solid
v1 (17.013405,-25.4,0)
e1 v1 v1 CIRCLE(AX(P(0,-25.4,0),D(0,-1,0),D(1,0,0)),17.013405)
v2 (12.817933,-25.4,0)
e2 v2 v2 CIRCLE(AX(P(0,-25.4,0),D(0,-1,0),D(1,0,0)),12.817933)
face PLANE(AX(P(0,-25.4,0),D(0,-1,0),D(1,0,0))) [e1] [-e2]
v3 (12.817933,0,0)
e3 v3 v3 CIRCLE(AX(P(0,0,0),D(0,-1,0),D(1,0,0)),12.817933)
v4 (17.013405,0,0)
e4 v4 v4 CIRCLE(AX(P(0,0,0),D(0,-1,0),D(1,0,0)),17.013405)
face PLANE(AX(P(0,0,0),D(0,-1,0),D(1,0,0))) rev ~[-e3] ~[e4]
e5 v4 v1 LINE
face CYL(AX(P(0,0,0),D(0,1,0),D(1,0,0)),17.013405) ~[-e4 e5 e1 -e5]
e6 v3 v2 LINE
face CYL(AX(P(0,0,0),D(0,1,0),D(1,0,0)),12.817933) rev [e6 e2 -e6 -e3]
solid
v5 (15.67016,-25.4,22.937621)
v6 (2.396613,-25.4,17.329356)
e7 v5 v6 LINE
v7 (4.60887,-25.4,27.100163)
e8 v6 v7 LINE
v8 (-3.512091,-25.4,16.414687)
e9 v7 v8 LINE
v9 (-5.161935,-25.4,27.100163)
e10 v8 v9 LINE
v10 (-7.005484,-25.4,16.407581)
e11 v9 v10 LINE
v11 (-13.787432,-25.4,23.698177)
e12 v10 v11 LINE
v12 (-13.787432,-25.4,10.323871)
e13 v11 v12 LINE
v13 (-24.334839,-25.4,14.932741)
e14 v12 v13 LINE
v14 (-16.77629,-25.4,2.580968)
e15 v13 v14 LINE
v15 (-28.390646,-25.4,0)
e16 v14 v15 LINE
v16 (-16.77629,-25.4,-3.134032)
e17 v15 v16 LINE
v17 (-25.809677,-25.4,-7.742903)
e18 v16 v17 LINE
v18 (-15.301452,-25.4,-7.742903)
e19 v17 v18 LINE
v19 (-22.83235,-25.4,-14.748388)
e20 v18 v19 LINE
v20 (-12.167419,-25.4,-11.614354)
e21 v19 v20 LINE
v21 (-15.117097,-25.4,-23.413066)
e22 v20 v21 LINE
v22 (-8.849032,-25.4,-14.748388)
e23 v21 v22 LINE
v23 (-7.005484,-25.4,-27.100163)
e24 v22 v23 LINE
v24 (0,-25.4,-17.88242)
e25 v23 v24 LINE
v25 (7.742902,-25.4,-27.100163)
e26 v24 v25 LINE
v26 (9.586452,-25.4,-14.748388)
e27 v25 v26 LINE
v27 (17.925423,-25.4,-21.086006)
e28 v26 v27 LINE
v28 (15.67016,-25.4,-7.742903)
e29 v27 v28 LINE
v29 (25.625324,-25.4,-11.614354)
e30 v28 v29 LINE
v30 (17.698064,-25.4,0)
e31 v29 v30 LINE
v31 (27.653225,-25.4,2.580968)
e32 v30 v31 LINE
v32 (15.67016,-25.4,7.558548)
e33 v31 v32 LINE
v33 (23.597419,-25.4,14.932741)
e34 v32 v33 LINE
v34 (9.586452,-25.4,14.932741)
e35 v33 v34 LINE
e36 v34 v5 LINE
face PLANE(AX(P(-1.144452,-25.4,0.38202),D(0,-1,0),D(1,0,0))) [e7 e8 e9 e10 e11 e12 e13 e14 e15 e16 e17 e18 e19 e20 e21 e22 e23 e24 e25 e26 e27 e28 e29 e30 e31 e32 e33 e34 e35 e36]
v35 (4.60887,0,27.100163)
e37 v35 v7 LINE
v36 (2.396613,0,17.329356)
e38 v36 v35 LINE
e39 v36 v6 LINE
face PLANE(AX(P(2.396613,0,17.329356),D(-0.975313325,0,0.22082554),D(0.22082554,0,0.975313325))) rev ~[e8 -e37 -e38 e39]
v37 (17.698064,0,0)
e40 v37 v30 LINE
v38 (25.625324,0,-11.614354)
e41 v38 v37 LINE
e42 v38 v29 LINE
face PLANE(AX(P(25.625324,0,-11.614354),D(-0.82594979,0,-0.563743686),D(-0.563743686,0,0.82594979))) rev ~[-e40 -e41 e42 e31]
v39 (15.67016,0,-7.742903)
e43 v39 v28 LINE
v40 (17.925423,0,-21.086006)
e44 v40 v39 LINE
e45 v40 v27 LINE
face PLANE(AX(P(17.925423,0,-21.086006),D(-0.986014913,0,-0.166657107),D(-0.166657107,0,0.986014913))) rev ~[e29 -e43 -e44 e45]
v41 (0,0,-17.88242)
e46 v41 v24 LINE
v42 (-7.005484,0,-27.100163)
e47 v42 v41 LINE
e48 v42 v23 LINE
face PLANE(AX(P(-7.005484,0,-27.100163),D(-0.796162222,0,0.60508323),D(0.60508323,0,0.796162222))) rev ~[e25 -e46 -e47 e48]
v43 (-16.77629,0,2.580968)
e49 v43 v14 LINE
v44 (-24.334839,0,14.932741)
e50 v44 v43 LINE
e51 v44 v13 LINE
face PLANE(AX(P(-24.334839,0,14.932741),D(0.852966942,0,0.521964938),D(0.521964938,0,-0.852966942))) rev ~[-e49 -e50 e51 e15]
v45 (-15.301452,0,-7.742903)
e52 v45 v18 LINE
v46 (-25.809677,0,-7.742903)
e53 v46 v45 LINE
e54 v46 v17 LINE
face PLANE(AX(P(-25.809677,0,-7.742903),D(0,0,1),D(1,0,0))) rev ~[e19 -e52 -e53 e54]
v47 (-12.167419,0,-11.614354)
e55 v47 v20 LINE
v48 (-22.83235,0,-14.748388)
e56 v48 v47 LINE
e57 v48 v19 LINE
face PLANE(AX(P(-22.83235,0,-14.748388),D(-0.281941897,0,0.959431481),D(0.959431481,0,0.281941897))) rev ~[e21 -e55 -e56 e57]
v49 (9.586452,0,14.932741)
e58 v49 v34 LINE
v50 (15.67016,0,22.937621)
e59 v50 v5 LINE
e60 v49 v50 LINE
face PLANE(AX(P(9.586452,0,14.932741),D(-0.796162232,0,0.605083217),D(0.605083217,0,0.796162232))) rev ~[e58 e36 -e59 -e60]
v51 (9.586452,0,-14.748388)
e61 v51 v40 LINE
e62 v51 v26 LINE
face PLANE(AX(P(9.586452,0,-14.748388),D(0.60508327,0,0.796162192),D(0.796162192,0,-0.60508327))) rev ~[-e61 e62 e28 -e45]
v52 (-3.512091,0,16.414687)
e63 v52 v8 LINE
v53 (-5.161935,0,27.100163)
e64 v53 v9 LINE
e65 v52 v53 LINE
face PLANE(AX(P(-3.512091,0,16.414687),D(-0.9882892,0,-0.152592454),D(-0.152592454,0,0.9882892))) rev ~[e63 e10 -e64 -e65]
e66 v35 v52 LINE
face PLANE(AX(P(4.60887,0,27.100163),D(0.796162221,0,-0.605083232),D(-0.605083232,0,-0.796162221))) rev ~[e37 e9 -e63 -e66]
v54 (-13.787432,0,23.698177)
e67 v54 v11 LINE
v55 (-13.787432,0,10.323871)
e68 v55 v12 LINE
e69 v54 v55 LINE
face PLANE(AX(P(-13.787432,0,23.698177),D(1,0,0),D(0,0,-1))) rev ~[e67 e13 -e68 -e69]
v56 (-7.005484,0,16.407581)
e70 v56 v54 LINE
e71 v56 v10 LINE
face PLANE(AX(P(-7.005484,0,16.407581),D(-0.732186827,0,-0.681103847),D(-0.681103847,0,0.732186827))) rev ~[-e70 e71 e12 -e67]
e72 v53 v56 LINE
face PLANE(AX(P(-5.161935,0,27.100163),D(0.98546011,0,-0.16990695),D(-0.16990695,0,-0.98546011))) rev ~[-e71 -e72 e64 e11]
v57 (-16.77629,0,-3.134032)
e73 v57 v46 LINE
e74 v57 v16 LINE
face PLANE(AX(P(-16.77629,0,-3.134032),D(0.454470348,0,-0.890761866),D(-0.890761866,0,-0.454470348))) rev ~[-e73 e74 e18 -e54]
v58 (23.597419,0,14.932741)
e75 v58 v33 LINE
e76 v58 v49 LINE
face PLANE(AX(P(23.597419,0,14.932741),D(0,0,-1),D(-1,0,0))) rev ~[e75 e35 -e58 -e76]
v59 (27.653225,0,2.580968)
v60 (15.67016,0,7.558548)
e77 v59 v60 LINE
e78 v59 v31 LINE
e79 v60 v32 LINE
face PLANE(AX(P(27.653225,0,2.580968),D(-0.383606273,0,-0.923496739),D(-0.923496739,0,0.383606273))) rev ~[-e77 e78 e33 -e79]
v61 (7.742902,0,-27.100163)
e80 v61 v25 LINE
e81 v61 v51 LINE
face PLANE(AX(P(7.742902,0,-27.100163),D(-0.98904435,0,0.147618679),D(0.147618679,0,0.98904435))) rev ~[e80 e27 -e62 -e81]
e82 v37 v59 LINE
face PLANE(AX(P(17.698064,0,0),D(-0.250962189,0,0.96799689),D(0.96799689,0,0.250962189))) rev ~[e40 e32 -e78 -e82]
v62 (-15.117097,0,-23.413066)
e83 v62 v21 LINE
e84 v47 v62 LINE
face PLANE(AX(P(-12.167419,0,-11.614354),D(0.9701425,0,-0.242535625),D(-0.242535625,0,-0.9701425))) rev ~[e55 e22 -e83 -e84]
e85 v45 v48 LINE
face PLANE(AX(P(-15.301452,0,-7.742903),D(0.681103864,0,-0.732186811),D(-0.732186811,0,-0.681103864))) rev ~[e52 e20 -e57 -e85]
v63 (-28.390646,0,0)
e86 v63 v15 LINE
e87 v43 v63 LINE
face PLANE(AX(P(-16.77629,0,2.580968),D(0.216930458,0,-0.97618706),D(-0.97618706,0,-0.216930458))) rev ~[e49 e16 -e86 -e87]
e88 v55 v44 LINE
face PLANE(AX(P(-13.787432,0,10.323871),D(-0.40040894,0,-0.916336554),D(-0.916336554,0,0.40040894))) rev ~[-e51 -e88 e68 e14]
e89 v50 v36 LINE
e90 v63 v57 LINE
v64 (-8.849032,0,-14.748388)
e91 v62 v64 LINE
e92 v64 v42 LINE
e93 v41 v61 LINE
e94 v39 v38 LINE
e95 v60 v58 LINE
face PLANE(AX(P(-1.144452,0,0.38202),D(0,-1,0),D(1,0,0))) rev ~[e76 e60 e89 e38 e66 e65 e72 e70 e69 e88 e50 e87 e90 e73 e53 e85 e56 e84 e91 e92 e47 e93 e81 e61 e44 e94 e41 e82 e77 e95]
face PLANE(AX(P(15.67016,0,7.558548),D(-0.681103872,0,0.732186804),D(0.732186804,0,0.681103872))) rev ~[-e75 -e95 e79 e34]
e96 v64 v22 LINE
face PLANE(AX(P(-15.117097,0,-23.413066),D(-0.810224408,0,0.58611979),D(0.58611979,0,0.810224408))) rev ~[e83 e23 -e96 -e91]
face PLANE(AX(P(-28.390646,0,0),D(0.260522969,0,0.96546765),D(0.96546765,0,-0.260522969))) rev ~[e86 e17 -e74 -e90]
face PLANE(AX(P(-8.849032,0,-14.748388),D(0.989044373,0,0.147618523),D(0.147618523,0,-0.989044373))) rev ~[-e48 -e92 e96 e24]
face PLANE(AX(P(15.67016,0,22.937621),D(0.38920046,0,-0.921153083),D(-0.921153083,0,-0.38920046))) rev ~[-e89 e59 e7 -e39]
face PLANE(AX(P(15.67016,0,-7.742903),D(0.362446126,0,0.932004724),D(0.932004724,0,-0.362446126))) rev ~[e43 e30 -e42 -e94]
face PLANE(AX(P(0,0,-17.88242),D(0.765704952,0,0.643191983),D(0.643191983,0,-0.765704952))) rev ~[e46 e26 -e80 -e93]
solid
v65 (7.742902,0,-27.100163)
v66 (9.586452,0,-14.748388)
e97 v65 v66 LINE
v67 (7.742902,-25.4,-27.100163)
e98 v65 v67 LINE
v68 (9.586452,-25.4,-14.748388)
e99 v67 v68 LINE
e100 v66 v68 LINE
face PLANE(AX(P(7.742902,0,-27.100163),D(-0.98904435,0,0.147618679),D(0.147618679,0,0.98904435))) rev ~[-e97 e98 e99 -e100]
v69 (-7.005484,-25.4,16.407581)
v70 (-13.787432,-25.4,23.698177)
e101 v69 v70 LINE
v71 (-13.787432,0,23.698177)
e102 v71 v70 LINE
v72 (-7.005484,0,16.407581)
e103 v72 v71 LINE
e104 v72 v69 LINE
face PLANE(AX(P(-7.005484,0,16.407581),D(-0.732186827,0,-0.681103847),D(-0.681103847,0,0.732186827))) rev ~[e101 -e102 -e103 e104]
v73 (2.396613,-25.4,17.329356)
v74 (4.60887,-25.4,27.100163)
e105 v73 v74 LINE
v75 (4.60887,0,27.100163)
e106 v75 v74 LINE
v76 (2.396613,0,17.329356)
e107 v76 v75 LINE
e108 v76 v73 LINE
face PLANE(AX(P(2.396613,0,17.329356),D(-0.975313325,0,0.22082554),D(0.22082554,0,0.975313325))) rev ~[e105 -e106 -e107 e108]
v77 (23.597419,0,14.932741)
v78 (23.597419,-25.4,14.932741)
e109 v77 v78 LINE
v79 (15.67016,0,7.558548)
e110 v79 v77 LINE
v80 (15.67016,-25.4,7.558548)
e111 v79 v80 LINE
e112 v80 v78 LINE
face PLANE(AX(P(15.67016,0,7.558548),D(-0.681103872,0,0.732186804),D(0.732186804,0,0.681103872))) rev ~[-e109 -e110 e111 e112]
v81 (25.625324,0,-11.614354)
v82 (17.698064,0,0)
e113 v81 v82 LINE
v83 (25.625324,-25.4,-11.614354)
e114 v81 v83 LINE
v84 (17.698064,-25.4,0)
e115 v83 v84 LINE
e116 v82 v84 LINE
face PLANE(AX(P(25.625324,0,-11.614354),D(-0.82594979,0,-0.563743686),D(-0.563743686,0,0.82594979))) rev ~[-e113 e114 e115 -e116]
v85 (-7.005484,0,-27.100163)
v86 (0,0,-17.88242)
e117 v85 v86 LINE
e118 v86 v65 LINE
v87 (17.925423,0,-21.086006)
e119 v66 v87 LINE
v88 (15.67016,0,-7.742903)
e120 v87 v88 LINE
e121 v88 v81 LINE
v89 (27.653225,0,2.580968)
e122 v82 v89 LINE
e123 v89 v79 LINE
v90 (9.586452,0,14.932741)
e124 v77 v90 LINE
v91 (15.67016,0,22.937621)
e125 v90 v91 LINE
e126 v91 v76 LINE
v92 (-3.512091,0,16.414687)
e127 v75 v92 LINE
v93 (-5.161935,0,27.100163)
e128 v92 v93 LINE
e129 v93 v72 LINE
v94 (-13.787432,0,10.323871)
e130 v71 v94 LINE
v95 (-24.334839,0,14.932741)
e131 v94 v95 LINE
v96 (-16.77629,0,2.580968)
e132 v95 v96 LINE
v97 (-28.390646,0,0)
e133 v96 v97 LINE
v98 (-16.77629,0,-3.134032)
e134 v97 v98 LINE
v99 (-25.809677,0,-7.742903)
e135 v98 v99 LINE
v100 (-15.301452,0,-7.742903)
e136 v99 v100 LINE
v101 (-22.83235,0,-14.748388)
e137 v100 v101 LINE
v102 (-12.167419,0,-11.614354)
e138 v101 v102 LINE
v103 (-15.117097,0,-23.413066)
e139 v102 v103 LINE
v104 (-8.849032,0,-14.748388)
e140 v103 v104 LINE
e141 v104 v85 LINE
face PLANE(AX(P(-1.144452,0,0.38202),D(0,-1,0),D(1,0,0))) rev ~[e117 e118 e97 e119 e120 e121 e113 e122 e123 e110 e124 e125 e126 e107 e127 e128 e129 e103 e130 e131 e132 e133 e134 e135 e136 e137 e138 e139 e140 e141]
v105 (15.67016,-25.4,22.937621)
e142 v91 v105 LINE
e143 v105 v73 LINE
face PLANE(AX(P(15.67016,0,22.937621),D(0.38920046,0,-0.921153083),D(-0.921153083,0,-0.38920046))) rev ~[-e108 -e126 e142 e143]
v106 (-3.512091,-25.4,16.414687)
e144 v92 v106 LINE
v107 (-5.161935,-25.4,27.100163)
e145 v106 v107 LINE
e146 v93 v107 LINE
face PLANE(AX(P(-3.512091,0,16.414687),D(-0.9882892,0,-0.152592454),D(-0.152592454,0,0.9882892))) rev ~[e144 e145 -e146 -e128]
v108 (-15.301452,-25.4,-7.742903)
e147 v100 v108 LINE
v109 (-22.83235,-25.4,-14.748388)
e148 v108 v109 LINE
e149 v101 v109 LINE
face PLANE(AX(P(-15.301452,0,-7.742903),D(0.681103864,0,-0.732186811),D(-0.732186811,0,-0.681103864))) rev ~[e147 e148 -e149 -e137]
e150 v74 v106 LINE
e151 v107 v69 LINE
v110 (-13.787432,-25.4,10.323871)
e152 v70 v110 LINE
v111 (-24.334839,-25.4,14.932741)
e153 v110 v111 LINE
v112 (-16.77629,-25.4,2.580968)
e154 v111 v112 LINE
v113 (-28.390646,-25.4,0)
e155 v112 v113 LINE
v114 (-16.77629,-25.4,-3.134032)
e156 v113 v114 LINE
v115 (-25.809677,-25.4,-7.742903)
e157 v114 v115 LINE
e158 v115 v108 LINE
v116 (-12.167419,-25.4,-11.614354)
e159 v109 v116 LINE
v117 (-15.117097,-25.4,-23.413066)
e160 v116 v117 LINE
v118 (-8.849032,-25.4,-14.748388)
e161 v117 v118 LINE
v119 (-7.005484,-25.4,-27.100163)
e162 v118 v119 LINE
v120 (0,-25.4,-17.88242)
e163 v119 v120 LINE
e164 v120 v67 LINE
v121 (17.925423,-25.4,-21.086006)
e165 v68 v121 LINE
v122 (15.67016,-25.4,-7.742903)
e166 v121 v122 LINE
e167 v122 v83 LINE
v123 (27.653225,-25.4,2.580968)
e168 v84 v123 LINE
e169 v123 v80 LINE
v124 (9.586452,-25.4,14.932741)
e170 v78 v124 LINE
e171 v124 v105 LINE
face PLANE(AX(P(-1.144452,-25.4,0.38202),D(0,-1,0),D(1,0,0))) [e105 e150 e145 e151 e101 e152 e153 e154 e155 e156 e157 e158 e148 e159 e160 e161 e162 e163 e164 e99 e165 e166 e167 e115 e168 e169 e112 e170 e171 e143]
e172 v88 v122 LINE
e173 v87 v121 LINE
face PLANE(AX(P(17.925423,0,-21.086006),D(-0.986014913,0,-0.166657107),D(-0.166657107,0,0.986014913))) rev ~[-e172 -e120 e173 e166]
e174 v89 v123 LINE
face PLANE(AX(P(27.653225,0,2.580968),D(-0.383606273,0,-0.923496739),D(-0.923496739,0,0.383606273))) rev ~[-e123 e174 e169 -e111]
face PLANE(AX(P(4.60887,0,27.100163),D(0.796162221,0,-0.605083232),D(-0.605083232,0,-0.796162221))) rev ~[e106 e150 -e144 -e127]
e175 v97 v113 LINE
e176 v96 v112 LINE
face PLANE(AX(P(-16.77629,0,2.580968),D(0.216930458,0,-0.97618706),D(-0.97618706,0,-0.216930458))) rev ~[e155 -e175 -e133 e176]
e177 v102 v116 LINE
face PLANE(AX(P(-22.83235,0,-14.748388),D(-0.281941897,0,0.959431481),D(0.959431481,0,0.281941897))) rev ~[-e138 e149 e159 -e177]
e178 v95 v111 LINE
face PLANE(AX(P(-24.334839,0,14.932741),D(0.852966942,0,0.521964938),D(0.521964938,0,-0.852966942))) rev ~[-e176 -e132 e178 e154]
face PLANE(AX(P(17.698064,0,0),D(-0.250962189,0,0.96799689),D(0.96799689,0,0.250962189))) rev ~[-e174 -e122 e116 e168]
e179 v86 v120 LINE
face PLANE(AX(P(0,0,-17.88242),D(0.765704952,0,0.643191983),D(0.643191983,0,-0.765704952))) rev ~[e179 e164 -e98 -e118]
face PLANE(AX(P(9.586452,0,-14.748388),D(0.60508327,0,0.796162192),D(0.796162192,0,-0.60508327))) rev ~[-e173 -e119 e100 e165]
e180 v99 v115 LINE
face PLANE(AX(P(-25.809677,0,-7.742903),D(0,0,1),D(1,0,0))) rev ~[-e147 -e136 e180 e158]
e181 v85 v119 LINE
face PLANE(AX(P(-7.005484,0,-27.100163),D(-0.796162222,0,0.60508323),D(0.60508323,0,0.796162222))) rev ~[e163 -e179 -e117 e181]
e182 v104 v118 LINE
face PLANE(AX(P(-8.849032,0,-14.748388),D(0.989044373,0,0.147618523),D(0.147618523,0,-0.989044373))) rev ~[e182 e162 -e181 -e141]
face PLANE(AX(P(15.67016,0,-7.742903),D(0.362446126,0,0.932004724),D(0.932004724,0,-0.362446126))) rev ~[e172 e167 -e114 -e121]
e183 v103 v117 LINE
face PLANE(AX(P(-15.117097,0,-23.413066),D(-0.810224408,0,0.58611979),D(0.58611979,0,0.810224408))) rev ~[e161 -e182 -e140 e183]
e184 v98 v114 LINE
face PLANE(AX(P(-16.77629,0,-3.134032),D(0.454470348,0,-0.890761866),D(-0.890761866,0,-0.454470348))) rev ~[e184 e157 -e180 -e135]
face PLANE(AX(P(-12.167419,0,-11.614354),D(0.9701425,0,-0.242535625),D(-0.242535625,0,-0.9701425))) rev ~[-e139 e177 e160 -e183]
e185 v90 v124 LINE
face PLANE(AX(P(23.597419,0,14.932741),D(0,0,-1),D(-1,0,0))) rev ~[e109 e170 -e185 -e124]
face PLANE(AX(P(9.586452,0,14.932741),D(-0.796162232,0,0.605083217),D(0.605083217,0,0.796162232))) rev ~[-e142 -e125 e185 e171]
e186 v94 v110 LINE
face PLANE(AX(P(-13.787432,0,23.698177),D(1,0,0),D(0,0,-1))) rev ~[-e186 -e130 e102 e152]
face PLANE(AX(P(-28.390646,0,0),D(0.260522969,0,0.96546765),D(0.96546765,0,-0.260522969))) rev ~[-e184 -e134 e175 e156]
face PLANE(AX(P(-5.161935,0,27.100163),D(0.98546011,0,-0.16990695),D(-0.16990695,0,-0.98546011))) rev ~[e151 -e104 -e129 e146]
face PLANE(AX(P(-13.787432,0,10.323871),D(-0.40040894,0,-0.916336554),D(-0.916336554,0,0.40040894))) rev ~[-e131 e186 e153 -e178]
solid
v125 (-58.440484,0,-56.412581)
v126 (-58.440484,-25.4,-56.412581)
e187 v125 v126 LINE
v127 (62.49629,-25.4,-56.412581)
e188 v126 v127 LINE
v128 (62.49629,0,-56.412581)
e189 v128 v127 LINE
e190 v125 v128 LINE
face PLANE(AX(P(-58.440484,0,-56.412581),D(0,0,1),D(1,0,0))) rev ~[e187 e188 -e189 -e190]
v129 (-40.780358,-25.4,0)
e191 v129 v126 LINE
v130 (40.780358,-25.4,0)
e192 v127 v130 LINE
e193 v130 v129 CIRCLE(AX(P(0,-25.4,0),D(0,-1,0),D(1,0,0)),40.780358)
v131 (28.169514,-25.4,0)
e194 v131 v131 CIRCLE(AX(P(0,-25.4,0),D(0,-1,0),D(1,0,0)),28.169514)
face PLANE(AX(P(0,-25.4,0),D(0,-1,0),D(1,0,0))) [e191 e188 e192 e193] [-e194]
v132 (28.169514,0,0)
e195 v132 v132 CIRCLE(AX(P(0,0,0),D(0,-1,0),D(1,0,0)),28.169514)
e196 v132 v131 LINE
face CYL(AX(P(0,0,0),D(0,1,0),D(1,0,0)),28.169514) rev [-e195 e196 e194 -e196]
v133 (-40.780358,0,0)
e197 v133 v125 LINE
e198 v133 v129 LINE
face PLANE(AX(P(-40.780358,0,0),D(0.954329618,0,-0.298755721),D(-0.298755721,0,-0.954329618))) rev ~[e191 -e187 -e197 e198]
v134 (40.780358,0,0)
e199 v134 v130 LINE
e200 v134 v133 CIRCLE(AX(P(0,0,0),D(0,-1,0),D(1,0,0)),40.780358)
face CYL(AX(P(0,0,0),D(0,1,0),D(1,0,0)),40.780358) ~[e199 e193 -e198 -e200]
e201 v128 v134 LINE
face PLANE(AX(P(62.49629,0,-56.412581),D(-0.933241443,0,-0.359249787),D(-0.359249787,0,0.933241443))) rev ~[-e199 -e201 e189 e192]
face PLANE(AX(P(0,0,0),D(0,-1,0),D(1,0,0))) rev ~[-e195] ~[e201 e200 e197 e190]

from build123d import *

# Parameters (mm, degrees)
F0_R     = 28.169514
F1_DEPTH = 25.4
F2_R     = 17.013405
F2_R_2   = 12.817933
F3_DEPTH = 25.4
F5_DEPTH = 25.4
F6_DEPTH = 25.4


with BuildPart() as f1:
    # F0 (on Front) → F1 (new body)
    with BuildSketch(Plane.XZ):
        with BuildLine():
            ThreePointArc((-40.780358, 0), (0, -40.780358), (40.780358, 0))
            ThreePointArc((40.780358, 0), (0, 40.780358), (-40.780358, 0))
        make_face()
        Circle(F0_R, mode=Mode.SUBTRACT)
        with BuildLine():
            Line((62.49629, -56.412581), (40.780358, 0))
            ThreePointArc((40.780358, 0), (0, -40.780358), (-40.780358, 0))
            Line((-40.780358, 0), (-58.440484, -56.412581))
            Line((-58.440484, -56.412581), (62.49629, -56.412581))
        make_face()
    extrude(amount=F1_DEPTH)


with BuildPart() as f3:
    # F2 (on Front) → F3 (new body)
    with BuildSketch(Plane.XZ):
        Circle(F2_R)
        Circle(F2_R_2, mode=Mode.SUBTRACT)
    extrude(amount=F3_DEPTH)


with BuildPart() as f5:
    # F4 (on Front) → F5 (new body)
    with BuildSketch(Plane.XZ):
        Polygon((-12.167419, -11.614354), (-15.117097, -23.413066), (-8.849032, -14.748388), (-7.005484, -27.100163), (0, -17.88242), (7.742902, -27.100163), (9.586452, -14.748388), (17.925423, -21.086006), (15.67016, -7.742903), (25.625324, -11.614354), (17.698064, 0), (27.653225, 2.580968), (15.67016, 7.558548), (23.597419, 14.932741), (9.586452, 14.932741), (15.67016, 22.937621), (2.396613, 17.329356), (4.60887, 27.100163), (-3.512091, 16.414687), (-5.161935, 27.100163), (-7.005484, 16.407581), (-13.787432, 23.698177), (-13.787432, 10.323871), (-24.334839, 14.932741), (-16.77629, 2.580968), (-28.390646, 0), (-16.77629, -3.134032), (-25.809677, -7.742903), (-15.301452, -7.742903), (-22.83235, -14.748388), align=None)
    extrude(amount=F5_DEPTH)


with BuildPart() as f6:
    # F4 (on Front) → F6 (new body)
    with BuildSketch(Plane.XZ):
        Polygon((-12.167419, -11.614354), (-15.117097, -23.413066), (-8.849032, -14.748388), (-7.005484, -27.100163), (0, -17.88242), (7.742902, -27.100163), (9.586452, -14.748388), (17.925423, -21.086006), (15.67016, -7.742903), (25.625324, -11.614354), (17.698064, 0), (27.653225, 2.580968), (15.67016, 7.558548), (23.597419, 14.932741), (9.586452, 14.932741), (15.67016, 22.937621), (2.396613, 17.329356), (4.60887, 27.100163), (-3.512091, 16.414687), (-5.161935, 27.100163), (-7.005484, 16.407581), (-13.787432, 23.698177), (-13.787432, 10.323871), (-24.334839, 14.932741), (-16.77629, 2.580968), (-28.390646, 0), (-16.77629, -3.134032), (-25.809677, -7.742903), (-15.301452, -7.742903), (-22.83235, -14.748388), align=None)
    extrude(amount=F6_DEPTH)


solid = Compound([f1.part, f3.part, f5.part, f6.part])
